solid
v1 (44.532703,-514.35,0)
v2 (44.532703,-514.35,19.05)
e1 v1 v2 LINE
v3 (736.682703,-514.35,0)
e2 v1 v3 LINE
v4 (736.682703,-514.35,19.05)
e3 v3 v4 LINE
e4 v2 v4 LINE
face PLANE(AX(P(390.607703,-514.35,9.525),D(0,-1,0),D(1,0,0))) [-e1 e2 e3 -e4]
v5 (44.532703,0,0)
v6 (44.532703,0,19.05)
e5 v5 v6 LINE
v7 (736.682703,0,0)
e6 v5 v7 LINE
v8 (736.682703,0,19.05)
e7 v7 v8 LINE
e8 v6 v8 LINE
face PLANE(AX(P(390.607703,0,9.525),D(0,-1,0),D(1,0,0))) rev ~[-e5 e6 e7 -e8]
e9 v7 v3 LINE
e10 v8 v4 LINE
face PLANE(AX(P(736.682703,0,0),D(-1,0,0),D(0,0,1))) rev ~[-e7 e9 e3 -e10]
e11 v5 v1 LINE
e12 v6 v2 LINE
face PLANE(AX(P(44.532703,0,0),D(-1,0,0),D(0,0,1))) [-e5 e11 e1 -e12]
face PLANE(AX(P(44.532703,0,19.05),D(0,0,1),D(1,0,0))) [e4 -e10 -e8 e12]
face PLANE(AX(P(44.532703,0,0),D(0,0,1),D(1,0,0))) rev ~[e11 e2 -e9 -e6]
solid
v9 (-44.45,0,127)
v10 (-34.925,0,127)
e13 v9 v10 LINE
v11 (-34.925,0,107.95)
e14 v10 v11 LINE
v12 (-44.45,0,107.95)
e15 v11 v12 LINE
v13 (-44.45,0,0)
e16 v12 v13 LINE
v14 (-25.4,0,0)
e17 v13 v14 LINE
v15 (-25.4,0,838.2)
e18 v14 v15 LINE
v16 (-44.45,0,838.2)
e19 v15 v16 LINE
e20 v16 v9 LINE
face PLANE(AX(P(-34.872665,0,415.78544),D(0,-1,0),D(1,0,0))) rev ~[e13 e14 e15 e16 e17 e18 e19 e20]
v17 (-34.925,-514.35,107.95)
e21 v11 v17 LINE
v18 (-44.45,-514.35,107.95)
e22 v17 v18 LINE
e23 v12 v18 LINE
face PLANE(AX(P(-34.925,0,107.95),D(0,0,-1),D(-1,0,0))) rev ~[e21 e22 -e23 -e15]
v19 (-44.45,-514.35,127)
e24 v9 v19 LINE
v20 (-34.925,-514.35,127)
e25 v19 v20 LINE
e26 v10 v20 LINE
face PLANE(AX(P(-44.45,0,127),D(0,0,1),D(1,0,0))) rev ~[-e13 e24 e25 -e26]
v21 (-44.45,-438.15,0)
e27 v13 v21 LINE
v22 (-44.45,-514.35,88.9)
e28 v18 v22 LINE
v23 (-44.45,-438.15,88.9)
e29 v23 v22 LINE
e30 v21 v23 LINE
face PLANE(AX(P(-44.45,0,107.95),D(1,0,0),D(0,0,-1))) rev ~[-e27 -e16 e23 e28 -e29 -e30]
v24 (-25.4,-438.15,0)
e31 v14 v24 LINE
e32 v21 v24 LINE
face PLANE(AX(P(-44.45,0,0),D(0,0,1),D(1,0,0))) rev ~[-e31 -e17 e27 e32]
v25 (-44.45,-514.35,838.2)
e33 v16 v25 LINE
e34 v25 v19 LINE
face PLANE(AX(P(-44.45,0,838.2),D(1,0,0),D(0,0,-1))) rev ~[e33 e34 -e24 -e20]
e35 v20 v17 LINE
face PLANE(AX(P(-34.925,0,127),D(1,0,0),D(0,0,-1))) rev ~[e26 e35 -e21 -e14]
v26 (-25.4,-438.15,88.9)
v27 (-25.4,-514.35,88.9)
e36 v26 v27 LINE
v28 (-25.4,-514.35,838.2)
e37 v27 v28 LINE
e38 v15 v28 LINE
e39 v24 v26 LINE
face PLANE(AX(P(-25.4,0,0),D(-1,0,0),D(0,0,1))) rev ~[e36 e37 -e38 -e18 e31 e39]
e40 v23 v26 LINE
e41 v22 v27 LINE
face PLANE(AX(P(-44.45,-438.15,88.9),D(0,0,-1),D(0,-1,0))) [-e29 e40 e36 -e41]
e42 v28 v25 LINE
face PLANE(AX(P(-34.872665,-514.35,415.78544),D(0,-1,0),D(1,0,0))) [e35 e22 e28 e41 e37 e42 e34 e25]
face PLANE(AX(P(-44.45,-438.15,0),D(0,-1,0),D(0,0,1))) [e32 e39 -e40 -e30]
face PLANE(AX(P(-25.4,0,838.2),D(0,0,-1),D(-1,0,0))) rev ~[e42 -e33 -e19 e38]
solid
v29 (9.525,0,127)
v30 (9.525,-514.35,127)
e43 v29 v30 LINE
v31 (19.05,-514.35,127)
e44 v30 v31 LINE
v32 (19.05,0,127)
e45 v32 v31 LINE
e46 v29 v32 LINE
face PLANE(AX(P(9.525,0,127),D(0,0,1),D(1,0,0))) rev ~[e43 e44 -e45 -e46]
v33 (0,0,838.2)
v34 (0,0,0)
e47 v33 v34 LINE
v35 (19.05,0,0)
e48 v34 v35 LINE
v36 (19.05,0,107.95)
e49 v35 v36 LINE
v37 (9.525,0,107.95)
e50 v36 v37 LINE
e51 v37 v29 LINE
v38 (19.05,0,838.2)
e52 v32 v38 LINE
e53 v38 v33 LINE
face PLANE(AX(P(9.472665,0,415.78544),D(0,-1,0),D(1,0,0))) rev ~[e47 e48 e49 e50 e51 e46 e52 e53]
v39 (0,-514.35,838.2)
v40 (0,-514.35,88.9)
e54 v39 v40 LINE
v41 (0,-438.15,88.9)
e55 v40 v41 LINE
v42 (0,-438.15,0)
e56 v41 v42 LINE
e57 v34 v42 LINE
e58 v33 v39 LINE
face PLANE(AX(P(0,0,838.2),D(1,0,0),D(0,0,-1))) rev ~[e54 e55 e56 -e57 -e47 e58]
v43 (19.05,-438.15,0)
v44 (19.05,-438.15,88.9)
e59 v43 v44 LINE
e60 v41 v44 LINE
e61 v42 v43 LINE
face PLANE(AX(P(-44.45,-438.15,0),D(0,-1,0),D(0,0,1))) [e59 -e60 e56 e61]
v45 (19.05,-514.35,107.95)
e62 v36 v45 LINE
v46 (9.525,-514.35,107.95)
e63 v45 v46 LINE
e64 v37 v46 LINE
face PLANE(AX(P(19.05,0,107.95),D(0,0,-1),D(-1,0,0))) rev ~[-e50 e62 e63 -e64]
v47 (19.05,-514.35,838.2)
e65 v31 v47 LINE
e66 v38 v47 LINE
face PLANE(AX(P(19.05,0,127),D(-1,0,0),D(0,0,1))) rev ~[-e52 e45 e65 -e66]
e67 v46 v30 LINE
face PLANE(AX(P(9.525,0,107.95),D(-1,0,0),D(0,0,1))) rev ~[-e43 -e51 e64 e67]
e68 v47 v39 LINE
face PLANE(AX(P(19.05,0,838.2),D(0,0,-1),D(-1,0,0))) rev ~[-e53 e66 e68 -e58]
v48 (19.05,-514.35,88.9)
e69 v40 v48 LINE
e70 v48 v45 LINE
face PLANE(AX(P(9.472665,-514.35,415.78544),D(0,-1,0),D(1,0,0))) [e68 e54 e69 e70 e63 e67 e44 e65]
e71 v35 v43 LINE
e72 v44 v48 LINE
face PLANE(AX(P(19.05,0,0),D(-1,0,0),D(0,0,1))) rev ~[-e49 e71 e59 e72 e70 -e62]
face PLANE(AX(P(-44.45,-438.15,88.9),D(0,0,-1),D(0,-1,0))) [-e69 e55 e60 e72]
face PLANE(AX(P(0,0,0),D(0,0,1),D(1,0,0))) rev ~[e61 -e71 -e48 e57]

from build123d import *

# Parameters (mm, degrees)
F1_DEPTH = 514.35
F2_W     = 692.15
F2_H     = 19.05
F3_DEPTH = 514.35
F4_W     = 76.2
F4_H     = 88.9
F5_DEPTH = 76.2


with BuildPart() as f1:
    # F0 (on Front) → F1 (new body)
    with BuildSketch(Plane.XZ):
        Polygon((0, 838.2), (0, 0), (19.05, 0), (19.05, 107.95), (9.525, 107.95), (9.525, 127), (19.05, 127), (19.05, 838.2), align=None)
        Polygon((-44.45, 0), (-25.4, 0), (-25.4, 838.2), (-44.45, 838.2), (-44.45, 127), (-34.925, 127), (-34.925, 107.95), (-44.45, 107.95), align=None)
    extrude(amount=F1_DEPTH)

    # F4 (on face) → F5 (cut)
    with BuildSketch(Plane(origin=(-44.45, 0, 0), x_dir=(0, -1, 0), z_dir=(-1, 0, 0))):
        with Locations((476.25, 44.45)):
            Rectangle(F4_W, F4_H)
    extrude(amount=-F5_DEPTH, mode=Mode.SUBTRACT)


with BuildPart() as f3:
    # F2 (on Front) → F3 (new body)
    with BuildSketch(Plane.XZ):
        with Locations((390.607703, 9.525)):
            Rectangle(F2_W, F2_H)
    extrude(amount=F3_DEPTH)


solid = Compound([f1.part, f3.part])
